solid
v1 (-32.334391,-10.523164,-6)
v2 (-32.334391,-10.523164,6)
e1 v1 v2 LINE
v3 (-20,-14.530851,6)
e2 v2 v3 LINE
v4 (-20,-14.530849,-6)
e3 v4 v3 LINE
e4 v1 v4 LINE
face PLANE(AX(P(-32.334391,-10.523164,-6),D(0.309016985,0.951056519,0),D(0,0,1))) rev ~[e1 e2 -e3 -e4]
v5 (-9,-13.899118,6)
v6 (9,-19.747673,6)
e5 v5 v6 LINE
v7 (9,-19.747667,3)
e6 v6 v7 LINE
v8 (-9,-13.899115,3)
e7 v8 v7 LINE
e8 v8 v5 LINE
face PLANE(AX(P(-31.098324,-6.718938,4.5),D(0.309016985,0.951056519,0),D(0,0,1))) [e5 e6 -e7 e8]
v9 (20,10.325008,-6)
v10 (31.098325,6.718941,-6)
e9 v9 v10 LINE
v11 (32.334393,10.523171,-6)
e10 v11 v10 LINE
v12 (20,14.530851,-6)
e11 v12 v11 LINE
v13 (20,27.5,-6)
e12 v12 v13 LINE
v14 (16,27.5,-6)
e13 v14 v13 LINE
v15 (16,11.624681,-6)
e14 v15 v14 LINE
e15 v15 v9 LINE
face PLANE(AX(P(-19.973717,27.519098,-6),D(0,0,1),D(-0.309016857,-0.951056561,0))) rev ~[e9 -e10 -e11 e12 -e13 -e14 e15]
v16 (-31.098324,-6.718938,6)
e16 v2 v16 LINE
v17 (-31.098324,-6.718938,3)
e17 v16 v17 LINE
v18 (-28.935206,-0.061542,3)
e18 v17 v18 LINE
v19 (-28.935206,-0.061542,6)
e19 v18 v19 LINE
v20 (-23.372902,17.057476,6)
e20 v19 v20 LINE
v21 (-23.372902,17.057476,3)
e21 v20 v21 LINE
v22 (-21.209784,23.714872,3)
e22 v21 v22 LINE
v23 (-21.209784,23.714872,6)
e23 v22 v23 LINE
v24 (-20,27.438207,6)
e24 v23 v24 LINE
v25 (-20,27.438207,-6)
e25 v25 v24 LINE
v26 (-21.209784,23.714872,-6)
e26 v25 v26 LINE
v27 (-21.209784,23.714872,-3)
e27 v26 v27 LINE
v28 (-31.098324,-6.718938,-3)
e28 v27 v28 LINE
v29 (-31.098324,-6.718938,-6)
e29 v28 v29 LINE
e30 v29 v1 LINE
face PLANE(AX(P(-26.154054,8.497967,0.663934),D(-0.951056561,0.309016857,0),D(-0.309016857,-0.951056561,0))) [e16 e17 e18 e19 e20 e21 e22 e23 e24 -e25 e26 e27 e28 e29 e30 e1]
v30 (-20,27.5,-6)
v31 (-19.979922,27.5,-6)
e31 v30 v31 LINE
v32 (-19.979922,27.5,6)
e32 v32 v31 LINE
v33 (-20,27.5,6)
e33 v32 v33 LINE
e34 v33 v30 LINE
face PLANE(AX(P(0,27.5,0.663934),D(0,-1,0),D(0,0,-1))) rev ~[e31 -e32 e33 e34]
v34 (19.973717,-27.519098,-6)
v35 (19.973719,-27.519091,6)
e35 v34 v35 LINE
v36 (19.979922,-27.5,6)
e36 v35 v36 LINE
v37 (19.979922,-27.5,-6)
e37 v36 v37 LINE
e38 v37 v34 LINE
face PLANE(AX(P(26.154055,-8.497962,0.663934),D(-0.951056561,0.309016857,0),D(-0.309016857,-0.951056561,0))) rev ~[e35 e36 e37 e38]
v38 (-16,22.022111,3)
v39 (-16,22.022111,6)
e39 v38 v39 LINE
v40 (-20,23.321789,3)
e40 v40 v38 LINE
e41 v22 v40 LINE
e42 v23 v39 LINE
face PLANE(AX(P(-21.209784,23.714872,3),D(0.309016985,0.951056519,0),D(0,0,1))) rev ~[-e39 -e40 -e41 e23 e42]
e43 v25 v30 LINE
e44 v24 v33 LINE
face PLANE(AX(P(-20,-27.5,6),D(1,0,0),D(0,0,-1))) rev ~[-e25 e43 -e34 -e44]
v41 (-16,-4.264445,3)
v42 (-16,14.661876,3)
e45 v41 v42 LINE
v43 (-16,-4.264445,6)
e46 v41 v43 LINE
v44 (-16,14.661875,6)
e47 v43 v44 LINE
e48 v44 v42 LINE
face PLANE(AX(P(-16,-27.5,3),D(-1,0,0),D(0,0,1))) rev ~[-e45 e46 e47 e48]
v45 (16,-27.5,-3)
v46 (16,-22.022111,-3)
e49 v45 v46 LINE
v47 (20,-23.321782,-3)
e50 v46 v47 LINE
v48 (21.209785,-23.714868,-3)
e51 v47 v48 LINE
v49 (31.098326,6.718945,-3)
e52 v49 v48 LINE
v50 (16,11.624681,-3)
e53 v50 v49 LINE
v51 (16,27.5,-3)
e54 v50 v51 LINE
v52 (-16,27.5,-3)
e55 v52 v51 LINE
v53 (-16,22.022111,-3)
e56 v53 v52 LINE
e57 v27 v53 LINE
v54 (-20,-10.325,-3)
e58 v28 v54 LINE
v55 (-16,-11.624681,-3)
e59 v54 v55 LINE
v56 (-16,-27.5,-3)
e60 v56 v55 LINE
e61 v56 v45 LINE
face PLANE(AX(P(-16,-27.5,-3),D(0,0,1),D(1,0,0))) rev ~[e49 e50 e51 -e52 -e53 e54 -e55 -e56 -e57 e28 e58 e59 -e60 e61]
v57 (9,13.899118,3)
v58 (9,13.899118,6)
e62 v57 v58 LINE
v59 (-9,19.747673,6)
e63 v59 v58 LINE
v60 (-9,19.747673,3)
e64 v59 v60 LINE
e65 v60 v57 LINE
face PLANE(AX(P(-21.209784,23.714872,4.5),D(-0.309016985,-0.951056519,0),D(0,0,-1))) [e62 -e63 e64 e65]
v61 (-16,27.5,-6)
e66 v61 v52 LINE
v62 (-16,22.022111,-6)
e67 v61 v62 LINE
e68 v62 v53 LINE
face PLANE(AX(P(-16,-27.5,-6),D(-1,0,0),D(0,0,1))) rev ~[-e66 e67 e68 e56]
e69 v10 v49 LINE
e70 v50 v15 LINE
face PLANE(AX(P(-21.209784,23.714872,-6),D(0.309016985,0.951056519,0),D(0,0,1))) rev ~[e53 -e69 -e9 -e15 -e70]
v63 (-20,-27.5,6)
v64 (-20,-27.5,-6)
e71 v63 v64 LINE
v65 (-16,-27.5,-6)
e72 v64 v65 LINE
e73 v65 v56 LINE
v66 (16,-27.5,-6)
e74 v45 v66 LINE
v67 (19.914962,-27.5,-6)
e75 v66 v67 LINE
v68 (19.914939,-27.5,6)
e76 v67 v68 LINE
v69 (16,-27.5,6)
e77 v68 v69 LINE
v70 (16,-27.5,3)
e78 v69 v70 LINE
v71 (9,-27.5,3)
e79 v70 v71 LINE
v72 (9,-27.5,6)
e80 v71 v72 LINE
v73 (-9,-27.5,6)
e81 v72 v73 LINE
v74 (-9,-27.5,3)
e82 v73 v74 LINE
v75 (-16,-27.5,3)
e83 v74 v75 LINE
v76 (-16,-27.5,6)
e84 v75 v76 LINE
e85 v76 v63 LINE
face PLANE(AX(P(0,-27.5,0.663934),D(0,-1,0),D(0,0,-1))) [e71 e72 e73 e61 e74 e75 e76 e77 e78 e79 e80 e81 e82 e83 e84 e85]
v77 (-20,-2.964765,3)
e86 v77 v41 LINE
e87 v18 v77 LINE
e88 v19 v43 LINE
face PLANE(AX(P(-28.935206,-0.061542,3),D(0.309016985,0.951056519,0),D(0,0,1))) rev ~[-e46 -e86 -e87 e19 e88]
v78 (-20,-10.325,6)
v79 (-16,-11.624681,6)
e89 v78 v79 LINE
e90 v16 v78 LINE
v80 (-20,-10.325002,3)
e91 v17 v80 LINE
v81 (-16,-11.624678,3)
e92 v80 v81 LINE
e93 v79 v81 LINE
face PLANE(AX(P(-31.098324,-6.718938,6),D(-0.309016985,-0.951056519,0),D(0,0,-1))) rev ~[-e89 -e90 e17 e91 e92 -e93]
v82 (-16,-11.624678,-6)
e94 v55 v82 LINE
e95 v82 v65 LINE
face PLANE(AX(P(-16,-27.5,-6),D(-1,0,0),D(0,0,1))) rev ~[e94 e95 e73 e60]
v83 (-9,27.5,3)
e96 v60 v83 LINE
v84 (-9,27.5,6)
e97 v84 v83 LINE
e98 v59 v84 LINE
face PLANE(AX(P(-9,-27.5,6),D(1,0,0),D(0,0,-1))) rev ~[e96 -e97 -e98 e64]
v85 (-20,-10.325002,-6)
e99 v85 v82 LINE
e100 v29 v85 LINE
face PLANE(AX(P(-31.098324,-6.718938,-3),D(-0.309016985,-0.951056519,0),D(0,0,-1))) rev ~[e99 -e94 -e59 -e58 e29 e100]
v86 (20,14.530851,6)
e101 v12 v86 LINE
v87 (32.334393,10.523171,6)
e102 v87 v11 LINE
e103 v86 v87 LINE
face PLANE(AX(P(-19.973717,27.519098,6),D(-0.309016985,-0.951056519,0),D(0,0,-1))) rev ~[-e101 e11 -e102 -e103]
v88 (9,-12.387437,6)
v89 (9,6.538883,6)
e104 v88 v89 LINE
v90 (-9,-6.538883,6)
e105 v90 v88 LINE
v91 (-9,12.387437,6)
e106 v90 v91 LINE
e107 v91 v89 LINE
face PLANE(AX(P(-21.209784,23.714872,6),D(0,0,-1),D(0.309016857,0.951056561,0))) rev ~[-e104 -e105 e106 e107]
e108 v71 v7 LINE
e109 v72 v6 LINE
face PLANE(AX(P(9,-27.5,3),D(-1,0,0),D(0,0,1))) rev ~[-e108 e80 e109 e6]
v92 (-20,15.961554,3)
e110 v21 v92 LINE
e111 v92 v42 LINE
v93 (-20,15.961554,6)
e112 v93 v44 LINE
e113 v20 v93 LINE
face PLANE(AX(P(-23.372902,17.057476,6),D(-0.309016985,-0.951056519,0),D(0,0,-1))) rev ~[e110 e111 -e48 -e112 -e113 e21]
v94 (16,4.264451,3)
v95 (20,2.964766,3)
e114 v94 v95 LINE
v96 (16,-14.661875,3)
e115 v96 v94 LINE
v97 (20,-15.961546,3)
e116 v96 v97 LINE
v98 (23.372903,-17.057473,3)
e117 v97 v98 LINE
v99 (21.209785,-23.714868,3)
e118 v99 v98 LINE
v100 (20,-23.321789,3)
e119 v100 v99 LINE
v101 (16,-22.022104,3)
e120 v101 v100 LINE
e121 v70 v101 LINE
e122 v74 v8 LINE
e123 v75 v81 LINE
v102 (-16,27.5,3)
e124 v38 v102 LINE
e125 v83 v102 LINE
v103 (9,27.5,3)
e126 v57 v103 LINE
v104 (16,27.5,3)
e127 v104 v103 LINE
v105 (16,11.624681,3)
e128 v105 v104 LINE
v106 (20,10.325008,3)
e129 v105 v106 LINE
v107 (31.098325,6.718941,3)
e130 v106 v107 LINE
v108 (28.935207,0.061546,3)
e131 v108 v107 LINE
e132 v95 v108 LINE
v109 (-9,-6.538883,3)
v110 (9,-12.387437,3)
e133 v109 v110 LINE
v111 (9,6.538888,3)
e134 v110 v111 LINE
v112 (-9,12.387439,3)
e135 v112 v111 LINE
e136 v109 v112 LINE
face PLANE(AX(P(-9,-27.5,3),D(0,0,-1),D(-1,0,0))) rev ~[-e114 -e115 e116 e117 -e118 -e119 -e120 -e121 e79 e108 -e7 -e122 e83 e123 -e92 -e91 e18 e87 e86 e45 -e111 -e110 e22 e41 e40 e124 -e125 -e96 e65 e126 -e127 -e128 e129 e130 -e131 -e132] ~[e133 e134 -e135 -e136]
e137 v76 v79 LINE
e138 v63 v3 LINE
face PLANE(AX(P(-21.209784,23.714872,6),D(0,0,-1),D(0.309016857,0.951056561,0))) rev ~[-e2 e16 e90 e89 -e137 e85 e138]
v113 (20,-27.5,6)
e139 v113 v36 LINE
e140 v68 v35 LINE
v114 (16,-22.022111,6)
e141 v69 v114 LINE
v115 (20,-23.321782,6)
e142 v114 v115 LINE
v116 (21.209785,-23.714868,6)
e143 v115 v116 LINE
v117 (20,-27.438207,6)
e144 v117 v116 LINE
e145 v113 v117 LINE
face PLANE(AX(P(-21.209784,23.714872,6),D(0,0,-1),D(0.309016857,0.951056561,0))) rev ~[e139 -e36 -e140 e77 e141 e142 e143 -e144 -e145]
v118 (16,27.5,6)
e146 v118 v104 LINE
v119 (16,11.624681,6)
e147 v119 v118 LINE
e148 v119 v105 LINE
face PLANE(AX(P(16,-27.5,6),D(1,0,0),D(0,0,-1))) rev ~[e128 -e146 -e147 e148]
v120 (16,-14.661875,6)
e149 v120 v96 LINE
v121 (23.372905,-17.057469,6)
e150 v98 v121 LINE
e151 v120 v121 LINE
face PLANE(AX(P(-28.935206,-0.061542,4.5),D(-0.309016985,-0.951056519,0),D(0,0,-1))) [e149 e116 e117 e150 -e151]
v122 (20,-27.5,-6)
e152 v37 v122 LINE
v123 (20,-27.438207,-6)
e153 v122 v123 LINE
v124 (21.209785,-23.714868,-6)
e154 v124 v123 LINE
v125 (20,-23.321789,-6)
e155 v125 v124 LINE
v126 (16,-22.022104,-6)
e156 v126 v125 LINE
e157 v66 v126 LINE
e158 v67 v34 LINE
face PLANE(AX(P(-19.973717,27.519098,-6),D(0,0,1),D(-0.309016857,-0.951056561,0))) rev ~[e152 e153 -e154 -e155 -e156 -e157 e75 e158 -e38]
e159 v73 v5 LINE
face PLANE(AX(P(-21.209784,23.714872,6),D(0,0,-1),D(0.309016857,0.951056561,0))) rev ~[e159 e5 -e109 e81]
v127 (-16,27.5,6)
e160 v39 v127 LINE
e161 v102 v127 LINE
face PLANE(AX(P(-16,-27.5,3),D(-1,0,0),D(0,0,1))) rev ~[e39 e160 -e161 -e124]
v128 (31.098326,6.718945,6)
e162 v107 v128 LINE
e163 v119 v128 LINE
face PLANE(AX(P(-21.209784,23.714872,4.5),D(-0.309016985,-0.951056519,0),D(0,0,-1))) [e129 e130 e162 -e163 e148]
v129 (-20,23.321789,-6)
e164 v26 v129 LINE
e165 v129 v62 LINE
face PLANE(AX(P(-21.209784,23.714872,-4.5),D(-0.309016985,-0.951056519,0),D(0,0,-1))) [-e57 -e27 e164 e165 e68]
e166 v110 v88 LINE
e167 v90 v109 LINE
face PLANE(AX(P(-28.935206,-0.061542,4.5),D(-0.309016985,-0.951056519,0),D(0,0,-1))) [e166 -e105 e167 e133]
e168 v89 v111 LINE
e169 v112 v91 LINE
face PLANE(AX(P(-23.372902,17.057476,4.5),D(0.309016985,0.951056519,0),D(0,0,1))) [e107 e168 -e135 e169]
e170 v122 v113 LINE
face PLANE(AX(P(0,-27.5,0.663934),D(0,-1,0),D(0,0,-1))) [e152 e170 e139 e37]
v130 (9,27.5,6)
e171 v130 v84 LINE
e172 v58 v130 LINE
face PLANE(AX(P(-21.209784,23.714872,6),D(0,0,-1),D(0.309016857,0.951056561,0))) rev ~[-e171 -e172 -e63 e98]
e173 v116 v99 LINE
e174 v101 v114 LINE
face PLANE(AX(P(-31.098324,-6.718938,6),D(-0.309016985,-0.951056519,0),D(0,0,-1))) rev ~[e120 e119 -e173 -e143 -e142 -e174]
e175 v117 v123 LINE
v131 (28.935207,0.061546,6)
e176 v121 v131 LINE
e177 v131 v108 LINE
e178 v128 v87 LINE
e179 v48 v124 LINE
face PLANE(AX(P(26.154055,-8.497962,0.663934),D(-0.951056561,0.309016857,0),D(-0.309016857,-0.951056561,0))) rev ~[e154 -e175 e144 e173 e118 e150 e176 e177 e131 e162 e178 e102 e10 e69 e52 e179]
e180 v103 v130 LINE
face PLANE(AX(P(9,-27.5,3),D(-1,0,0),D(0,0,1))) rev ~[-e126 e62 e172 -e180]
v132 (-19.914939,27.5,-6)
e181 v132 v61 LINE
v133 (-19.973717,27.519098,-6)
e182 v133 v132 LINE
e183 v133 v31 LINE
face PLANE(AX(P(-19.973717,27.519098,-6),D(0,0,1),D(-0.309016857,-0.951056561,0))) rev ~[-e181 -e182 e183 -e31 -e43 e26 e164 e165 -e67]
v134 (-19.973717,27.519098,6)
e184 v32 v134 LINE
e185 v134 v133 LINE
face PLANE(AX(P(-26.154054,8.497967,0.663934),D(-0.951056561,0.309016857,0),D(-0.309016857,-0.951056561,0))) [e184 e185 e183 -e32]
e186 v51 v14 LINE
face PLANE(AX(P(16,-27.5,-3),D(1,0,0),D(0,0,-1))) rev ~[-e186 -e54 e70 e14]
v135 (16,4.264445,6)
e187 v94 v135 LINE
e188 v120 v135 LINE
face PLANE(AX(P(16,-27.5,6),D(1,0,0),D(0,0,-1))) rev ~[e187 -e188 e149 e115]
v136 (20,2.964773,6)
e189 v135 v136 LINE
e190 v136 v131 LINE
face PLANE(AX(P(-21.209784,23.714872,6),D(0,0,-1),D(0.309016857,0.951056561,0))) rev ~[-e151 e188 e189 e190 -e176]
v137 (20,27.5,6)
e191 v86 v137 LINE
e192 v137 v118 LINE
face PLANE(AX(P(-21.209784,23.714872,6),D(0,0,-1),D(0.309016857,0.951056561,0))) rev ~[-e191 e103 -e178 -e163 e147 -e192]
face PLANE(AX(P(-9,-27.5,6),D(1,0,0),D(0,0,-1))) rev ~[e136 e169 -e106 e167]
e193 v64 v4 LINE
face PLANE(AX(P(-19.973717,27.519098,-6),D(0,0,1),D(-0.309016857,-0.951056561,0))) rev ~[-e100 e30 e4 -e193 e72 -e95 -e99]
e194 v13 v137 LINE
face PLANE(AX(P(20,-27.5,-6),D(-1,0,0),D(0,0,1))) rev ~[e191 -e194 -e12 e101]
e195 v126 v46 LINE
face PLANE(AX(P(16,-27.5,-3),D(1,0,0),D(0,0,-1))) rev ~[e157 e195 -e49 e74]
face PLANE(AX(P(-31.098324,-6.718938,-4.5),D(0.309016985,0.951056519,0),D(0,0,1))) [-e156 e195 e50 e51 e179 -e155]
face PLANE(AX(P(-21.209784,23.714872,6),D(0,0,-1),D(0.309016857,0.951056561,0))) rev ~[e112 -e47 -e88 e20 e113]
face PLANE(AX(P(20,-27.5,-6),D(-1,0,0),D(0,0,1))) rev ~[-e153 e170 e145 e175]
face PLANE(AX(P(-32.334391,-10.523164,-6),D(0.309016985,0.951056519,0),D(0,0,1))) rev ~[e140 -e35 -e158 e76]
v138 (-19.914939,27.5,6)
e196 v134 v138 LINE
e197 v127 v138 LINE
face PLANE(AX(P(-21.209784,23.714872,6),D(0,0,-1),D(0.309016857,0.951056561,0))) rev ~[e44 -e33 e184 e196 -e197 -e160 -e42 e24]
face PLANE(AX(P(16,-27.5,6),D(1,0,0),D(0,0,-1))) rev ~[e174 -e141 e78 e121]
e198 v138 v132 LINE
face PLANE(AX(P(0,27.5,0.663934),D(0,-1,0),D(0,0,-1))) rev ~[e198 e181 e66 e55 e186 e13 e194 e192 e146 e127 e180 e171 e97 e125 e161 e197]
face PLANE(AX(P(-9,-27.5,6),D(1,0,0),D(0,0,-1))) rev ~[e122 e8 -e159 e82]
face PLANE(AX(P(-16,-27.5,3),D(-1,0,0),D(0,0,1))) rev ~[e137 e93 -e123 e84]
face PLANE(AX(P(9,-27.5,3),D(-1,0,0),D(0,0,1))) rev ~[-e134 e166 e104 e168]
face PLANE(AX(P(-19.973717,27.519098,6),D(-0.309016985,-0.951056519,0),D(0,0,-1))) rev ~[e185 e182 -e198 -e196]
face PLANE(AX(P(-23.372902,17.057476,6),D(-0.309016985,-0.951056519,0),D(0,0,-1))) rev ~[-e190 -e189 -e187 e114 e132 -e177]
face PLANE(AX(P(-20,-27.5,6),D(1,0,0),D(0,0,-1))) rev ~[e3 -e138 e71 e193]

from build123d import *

# Parameters (mm, degrees)
SKETCH004_W = 32
SKETCH004_H = 3
SKETCH005_W = 7
SKETCH005_H = 3
SKETCH006_W = 7
SKETCH006_H = 3
SKETCH007_W = 32
SKETCH007_H = 3
SKETCH008_W = 7
SKETCH008_H = 3
SKETCH009_W = 7
SKETCH009_H = 3


with BuildPart() as part:
    # AdditivePipe: sweep along a path in Sketch
    with BuildLine(Plane.XY) as additivepipe_path:
        Line((0, -27.5), (0, 27.5))
    # Sketch002 (on DatumPlane) → AdditivePipe (sweep)
    with BuildSketch(Plane.XZ.offset(27.5)):
        Polygon((-20, 6), (-20, -6), (-16, -6), (-16, -3), (-9, -3), (9, -3), (16, -3), (16, -6), (20, -6), (20, 6), (16, 6), (16, 3), (9, 3), (9, 6), (-9, 6), (-9, 3), (-16, 3), (-16, 6), align=None)
    sweep(path=additivepipe_path.line)

    # AdditivePipe001: sweep along a path in Sketch001
    with BuildLine(Plane.XY) as additivepipe001_path:
        Line((-26.154054, 8.497967), (26.154054, -8.497967))
    # Sketch003 (on DatumPlane) → AdditivePipe001 (sweep)
    with BuildSketch(Plane(origin=(-26.154054, 8.497967, 0), x_dir=(-0.309017, -0.951057, 0), z_dir=(-0.951057, 0.309017, 0))):
        Polygon((-20, 6), (-20, -6), (-16, -6), (-16, -3), (-9, -3), (9, -3), (16, -3), (16, -6), (20, -6), (20, 6), (16, 6), (16, 3), (9, 3), (9, 6), (-9, 6), (-9, 3), (-16, 3), (-16, 6), align=None)
    sweep(path=additivepipe001_path.line)

    # SubtractivePipe: sweep along a path in Sketch
    with BuildLine(Plane.XY) as subtractivepipe_path:
        Line((0, -27.5), (0, 27.5))
    # Sketch004 (on DatumPlane) → SubtractivePipe (sweep, cut)
    with BuildSketch(Plane.XZ.offset(27.5)):
        with Locations((0, -4.5)):
            Rectangle(SKETCH004_W, SKETCH004_H)
    sweep(path=subtractivepipe_path.line, mode=Mode.SUBTRACT)

    # SubtractivePipe001: sweep along a path in Sketch
    with BuildLine(Plane.XY) as subtractivepipe001_path:
        Line((0, -27.5), (0, 27.5))
    # Sketch005 (on DatumPlane) → SubtractivePipe001 (sweep, cut)
    with BuildSketch(Plane.XZ.offset(27.5)):
        with Locations((-12.5, 4.5)):
            Rectangle(SKETCH005_W, SKETCH005_H)
    sweep(path=subtractivepipe001_path.line, mode=Mode.SUBTRACT)

    # SubtractivePipe002: sweep along a path in Sketch
    with BuildLine(Plane.XY) as subtractivepipe002_path:
        Line((0, -27.5), (0, 27.5))
    # Sketch006 (on DatumPlane) → SubtractivePipe002 (sweep, cut)
    with BuildSketch(Plane.XZ.offset(27.5)):
        with Locations((12.5, 4.5)):
            Rectangle(SKETCH006_W, SKETCH006_H)
    sweep(path=subtractivepipe002_path.line, mode=Mode.SUBTRACT)

    # SubtractivePipe003: sweep along a path in Sketch001
    with BuildLine(Plane.XY) as subtractivepipe003_path:
        Line((-26.154054, 8.497967), (26.154054, -8.497967))
    # Sketch007 (on DatumPlane) → SubtractivePipe003 (sweep, cut)
    with BuildSketch(Plane(origin=(-26.154054, 8.497967, 0), x_dir=(-0.309017, -0.951057, 0), z_dir=(-0.951057, 0.309017, 0))):
        with Locations((0, -4.5)):
            Rectangle(SKETCH007_W, SKETCH007_H)
    sweep(path=subtractivepipe003_path.line, mode=Mode.SUBTRACT)

    # SubtractivePipe004: sweep along a path in Sketch001
    with BuildLine(Plane.XY) as subtractivepipe004_path:
        Line((-26.154054, 8.497967), (26.154054, -8.497967))
    # Sketch008 (on DatumPlane) → SubtractivePipe004 (sweep, cut)
    with BuildSketch(Plane(origin=(-26.154054, 8.497967, 0), x_dir=(-0.309017, -0.951057, 0), z_dir=(-0.951057, 0.309017, 0))):
        with Locations((-12.5, 4.5)):
            Rectangle(SKETCH008_W, SKETCH008_H)
    sweep(path=subtractivepipe004_path.line, mode=Mode.SUBTRACT)

    # SubtractivePipe005: sweep along a path in Sketch001
    with BuildLine(Plane.XY) as subtractivepipe005_path:
        Line((-26.154054, 8.497967), (26.154054, -8.497967))
    # Sketch009 (on DatumPlane) → SubtractivePipe005 (sweep, cut)
    with BuildSketch(Plane(origin=(-26.154054, 8.497967, 0), x_dir=(-0.309017, -0.951057, 0), z_dir=(-0.951057, 0.309017, 0))):
        with Locations((12.5, 4.5)):
            Rectangle(SKETCH009_W, SKETCH009_H)
    sweep(path=subtractivepipe005_path.line, mode=Mode.SUBTRACT)


solid = part.part
